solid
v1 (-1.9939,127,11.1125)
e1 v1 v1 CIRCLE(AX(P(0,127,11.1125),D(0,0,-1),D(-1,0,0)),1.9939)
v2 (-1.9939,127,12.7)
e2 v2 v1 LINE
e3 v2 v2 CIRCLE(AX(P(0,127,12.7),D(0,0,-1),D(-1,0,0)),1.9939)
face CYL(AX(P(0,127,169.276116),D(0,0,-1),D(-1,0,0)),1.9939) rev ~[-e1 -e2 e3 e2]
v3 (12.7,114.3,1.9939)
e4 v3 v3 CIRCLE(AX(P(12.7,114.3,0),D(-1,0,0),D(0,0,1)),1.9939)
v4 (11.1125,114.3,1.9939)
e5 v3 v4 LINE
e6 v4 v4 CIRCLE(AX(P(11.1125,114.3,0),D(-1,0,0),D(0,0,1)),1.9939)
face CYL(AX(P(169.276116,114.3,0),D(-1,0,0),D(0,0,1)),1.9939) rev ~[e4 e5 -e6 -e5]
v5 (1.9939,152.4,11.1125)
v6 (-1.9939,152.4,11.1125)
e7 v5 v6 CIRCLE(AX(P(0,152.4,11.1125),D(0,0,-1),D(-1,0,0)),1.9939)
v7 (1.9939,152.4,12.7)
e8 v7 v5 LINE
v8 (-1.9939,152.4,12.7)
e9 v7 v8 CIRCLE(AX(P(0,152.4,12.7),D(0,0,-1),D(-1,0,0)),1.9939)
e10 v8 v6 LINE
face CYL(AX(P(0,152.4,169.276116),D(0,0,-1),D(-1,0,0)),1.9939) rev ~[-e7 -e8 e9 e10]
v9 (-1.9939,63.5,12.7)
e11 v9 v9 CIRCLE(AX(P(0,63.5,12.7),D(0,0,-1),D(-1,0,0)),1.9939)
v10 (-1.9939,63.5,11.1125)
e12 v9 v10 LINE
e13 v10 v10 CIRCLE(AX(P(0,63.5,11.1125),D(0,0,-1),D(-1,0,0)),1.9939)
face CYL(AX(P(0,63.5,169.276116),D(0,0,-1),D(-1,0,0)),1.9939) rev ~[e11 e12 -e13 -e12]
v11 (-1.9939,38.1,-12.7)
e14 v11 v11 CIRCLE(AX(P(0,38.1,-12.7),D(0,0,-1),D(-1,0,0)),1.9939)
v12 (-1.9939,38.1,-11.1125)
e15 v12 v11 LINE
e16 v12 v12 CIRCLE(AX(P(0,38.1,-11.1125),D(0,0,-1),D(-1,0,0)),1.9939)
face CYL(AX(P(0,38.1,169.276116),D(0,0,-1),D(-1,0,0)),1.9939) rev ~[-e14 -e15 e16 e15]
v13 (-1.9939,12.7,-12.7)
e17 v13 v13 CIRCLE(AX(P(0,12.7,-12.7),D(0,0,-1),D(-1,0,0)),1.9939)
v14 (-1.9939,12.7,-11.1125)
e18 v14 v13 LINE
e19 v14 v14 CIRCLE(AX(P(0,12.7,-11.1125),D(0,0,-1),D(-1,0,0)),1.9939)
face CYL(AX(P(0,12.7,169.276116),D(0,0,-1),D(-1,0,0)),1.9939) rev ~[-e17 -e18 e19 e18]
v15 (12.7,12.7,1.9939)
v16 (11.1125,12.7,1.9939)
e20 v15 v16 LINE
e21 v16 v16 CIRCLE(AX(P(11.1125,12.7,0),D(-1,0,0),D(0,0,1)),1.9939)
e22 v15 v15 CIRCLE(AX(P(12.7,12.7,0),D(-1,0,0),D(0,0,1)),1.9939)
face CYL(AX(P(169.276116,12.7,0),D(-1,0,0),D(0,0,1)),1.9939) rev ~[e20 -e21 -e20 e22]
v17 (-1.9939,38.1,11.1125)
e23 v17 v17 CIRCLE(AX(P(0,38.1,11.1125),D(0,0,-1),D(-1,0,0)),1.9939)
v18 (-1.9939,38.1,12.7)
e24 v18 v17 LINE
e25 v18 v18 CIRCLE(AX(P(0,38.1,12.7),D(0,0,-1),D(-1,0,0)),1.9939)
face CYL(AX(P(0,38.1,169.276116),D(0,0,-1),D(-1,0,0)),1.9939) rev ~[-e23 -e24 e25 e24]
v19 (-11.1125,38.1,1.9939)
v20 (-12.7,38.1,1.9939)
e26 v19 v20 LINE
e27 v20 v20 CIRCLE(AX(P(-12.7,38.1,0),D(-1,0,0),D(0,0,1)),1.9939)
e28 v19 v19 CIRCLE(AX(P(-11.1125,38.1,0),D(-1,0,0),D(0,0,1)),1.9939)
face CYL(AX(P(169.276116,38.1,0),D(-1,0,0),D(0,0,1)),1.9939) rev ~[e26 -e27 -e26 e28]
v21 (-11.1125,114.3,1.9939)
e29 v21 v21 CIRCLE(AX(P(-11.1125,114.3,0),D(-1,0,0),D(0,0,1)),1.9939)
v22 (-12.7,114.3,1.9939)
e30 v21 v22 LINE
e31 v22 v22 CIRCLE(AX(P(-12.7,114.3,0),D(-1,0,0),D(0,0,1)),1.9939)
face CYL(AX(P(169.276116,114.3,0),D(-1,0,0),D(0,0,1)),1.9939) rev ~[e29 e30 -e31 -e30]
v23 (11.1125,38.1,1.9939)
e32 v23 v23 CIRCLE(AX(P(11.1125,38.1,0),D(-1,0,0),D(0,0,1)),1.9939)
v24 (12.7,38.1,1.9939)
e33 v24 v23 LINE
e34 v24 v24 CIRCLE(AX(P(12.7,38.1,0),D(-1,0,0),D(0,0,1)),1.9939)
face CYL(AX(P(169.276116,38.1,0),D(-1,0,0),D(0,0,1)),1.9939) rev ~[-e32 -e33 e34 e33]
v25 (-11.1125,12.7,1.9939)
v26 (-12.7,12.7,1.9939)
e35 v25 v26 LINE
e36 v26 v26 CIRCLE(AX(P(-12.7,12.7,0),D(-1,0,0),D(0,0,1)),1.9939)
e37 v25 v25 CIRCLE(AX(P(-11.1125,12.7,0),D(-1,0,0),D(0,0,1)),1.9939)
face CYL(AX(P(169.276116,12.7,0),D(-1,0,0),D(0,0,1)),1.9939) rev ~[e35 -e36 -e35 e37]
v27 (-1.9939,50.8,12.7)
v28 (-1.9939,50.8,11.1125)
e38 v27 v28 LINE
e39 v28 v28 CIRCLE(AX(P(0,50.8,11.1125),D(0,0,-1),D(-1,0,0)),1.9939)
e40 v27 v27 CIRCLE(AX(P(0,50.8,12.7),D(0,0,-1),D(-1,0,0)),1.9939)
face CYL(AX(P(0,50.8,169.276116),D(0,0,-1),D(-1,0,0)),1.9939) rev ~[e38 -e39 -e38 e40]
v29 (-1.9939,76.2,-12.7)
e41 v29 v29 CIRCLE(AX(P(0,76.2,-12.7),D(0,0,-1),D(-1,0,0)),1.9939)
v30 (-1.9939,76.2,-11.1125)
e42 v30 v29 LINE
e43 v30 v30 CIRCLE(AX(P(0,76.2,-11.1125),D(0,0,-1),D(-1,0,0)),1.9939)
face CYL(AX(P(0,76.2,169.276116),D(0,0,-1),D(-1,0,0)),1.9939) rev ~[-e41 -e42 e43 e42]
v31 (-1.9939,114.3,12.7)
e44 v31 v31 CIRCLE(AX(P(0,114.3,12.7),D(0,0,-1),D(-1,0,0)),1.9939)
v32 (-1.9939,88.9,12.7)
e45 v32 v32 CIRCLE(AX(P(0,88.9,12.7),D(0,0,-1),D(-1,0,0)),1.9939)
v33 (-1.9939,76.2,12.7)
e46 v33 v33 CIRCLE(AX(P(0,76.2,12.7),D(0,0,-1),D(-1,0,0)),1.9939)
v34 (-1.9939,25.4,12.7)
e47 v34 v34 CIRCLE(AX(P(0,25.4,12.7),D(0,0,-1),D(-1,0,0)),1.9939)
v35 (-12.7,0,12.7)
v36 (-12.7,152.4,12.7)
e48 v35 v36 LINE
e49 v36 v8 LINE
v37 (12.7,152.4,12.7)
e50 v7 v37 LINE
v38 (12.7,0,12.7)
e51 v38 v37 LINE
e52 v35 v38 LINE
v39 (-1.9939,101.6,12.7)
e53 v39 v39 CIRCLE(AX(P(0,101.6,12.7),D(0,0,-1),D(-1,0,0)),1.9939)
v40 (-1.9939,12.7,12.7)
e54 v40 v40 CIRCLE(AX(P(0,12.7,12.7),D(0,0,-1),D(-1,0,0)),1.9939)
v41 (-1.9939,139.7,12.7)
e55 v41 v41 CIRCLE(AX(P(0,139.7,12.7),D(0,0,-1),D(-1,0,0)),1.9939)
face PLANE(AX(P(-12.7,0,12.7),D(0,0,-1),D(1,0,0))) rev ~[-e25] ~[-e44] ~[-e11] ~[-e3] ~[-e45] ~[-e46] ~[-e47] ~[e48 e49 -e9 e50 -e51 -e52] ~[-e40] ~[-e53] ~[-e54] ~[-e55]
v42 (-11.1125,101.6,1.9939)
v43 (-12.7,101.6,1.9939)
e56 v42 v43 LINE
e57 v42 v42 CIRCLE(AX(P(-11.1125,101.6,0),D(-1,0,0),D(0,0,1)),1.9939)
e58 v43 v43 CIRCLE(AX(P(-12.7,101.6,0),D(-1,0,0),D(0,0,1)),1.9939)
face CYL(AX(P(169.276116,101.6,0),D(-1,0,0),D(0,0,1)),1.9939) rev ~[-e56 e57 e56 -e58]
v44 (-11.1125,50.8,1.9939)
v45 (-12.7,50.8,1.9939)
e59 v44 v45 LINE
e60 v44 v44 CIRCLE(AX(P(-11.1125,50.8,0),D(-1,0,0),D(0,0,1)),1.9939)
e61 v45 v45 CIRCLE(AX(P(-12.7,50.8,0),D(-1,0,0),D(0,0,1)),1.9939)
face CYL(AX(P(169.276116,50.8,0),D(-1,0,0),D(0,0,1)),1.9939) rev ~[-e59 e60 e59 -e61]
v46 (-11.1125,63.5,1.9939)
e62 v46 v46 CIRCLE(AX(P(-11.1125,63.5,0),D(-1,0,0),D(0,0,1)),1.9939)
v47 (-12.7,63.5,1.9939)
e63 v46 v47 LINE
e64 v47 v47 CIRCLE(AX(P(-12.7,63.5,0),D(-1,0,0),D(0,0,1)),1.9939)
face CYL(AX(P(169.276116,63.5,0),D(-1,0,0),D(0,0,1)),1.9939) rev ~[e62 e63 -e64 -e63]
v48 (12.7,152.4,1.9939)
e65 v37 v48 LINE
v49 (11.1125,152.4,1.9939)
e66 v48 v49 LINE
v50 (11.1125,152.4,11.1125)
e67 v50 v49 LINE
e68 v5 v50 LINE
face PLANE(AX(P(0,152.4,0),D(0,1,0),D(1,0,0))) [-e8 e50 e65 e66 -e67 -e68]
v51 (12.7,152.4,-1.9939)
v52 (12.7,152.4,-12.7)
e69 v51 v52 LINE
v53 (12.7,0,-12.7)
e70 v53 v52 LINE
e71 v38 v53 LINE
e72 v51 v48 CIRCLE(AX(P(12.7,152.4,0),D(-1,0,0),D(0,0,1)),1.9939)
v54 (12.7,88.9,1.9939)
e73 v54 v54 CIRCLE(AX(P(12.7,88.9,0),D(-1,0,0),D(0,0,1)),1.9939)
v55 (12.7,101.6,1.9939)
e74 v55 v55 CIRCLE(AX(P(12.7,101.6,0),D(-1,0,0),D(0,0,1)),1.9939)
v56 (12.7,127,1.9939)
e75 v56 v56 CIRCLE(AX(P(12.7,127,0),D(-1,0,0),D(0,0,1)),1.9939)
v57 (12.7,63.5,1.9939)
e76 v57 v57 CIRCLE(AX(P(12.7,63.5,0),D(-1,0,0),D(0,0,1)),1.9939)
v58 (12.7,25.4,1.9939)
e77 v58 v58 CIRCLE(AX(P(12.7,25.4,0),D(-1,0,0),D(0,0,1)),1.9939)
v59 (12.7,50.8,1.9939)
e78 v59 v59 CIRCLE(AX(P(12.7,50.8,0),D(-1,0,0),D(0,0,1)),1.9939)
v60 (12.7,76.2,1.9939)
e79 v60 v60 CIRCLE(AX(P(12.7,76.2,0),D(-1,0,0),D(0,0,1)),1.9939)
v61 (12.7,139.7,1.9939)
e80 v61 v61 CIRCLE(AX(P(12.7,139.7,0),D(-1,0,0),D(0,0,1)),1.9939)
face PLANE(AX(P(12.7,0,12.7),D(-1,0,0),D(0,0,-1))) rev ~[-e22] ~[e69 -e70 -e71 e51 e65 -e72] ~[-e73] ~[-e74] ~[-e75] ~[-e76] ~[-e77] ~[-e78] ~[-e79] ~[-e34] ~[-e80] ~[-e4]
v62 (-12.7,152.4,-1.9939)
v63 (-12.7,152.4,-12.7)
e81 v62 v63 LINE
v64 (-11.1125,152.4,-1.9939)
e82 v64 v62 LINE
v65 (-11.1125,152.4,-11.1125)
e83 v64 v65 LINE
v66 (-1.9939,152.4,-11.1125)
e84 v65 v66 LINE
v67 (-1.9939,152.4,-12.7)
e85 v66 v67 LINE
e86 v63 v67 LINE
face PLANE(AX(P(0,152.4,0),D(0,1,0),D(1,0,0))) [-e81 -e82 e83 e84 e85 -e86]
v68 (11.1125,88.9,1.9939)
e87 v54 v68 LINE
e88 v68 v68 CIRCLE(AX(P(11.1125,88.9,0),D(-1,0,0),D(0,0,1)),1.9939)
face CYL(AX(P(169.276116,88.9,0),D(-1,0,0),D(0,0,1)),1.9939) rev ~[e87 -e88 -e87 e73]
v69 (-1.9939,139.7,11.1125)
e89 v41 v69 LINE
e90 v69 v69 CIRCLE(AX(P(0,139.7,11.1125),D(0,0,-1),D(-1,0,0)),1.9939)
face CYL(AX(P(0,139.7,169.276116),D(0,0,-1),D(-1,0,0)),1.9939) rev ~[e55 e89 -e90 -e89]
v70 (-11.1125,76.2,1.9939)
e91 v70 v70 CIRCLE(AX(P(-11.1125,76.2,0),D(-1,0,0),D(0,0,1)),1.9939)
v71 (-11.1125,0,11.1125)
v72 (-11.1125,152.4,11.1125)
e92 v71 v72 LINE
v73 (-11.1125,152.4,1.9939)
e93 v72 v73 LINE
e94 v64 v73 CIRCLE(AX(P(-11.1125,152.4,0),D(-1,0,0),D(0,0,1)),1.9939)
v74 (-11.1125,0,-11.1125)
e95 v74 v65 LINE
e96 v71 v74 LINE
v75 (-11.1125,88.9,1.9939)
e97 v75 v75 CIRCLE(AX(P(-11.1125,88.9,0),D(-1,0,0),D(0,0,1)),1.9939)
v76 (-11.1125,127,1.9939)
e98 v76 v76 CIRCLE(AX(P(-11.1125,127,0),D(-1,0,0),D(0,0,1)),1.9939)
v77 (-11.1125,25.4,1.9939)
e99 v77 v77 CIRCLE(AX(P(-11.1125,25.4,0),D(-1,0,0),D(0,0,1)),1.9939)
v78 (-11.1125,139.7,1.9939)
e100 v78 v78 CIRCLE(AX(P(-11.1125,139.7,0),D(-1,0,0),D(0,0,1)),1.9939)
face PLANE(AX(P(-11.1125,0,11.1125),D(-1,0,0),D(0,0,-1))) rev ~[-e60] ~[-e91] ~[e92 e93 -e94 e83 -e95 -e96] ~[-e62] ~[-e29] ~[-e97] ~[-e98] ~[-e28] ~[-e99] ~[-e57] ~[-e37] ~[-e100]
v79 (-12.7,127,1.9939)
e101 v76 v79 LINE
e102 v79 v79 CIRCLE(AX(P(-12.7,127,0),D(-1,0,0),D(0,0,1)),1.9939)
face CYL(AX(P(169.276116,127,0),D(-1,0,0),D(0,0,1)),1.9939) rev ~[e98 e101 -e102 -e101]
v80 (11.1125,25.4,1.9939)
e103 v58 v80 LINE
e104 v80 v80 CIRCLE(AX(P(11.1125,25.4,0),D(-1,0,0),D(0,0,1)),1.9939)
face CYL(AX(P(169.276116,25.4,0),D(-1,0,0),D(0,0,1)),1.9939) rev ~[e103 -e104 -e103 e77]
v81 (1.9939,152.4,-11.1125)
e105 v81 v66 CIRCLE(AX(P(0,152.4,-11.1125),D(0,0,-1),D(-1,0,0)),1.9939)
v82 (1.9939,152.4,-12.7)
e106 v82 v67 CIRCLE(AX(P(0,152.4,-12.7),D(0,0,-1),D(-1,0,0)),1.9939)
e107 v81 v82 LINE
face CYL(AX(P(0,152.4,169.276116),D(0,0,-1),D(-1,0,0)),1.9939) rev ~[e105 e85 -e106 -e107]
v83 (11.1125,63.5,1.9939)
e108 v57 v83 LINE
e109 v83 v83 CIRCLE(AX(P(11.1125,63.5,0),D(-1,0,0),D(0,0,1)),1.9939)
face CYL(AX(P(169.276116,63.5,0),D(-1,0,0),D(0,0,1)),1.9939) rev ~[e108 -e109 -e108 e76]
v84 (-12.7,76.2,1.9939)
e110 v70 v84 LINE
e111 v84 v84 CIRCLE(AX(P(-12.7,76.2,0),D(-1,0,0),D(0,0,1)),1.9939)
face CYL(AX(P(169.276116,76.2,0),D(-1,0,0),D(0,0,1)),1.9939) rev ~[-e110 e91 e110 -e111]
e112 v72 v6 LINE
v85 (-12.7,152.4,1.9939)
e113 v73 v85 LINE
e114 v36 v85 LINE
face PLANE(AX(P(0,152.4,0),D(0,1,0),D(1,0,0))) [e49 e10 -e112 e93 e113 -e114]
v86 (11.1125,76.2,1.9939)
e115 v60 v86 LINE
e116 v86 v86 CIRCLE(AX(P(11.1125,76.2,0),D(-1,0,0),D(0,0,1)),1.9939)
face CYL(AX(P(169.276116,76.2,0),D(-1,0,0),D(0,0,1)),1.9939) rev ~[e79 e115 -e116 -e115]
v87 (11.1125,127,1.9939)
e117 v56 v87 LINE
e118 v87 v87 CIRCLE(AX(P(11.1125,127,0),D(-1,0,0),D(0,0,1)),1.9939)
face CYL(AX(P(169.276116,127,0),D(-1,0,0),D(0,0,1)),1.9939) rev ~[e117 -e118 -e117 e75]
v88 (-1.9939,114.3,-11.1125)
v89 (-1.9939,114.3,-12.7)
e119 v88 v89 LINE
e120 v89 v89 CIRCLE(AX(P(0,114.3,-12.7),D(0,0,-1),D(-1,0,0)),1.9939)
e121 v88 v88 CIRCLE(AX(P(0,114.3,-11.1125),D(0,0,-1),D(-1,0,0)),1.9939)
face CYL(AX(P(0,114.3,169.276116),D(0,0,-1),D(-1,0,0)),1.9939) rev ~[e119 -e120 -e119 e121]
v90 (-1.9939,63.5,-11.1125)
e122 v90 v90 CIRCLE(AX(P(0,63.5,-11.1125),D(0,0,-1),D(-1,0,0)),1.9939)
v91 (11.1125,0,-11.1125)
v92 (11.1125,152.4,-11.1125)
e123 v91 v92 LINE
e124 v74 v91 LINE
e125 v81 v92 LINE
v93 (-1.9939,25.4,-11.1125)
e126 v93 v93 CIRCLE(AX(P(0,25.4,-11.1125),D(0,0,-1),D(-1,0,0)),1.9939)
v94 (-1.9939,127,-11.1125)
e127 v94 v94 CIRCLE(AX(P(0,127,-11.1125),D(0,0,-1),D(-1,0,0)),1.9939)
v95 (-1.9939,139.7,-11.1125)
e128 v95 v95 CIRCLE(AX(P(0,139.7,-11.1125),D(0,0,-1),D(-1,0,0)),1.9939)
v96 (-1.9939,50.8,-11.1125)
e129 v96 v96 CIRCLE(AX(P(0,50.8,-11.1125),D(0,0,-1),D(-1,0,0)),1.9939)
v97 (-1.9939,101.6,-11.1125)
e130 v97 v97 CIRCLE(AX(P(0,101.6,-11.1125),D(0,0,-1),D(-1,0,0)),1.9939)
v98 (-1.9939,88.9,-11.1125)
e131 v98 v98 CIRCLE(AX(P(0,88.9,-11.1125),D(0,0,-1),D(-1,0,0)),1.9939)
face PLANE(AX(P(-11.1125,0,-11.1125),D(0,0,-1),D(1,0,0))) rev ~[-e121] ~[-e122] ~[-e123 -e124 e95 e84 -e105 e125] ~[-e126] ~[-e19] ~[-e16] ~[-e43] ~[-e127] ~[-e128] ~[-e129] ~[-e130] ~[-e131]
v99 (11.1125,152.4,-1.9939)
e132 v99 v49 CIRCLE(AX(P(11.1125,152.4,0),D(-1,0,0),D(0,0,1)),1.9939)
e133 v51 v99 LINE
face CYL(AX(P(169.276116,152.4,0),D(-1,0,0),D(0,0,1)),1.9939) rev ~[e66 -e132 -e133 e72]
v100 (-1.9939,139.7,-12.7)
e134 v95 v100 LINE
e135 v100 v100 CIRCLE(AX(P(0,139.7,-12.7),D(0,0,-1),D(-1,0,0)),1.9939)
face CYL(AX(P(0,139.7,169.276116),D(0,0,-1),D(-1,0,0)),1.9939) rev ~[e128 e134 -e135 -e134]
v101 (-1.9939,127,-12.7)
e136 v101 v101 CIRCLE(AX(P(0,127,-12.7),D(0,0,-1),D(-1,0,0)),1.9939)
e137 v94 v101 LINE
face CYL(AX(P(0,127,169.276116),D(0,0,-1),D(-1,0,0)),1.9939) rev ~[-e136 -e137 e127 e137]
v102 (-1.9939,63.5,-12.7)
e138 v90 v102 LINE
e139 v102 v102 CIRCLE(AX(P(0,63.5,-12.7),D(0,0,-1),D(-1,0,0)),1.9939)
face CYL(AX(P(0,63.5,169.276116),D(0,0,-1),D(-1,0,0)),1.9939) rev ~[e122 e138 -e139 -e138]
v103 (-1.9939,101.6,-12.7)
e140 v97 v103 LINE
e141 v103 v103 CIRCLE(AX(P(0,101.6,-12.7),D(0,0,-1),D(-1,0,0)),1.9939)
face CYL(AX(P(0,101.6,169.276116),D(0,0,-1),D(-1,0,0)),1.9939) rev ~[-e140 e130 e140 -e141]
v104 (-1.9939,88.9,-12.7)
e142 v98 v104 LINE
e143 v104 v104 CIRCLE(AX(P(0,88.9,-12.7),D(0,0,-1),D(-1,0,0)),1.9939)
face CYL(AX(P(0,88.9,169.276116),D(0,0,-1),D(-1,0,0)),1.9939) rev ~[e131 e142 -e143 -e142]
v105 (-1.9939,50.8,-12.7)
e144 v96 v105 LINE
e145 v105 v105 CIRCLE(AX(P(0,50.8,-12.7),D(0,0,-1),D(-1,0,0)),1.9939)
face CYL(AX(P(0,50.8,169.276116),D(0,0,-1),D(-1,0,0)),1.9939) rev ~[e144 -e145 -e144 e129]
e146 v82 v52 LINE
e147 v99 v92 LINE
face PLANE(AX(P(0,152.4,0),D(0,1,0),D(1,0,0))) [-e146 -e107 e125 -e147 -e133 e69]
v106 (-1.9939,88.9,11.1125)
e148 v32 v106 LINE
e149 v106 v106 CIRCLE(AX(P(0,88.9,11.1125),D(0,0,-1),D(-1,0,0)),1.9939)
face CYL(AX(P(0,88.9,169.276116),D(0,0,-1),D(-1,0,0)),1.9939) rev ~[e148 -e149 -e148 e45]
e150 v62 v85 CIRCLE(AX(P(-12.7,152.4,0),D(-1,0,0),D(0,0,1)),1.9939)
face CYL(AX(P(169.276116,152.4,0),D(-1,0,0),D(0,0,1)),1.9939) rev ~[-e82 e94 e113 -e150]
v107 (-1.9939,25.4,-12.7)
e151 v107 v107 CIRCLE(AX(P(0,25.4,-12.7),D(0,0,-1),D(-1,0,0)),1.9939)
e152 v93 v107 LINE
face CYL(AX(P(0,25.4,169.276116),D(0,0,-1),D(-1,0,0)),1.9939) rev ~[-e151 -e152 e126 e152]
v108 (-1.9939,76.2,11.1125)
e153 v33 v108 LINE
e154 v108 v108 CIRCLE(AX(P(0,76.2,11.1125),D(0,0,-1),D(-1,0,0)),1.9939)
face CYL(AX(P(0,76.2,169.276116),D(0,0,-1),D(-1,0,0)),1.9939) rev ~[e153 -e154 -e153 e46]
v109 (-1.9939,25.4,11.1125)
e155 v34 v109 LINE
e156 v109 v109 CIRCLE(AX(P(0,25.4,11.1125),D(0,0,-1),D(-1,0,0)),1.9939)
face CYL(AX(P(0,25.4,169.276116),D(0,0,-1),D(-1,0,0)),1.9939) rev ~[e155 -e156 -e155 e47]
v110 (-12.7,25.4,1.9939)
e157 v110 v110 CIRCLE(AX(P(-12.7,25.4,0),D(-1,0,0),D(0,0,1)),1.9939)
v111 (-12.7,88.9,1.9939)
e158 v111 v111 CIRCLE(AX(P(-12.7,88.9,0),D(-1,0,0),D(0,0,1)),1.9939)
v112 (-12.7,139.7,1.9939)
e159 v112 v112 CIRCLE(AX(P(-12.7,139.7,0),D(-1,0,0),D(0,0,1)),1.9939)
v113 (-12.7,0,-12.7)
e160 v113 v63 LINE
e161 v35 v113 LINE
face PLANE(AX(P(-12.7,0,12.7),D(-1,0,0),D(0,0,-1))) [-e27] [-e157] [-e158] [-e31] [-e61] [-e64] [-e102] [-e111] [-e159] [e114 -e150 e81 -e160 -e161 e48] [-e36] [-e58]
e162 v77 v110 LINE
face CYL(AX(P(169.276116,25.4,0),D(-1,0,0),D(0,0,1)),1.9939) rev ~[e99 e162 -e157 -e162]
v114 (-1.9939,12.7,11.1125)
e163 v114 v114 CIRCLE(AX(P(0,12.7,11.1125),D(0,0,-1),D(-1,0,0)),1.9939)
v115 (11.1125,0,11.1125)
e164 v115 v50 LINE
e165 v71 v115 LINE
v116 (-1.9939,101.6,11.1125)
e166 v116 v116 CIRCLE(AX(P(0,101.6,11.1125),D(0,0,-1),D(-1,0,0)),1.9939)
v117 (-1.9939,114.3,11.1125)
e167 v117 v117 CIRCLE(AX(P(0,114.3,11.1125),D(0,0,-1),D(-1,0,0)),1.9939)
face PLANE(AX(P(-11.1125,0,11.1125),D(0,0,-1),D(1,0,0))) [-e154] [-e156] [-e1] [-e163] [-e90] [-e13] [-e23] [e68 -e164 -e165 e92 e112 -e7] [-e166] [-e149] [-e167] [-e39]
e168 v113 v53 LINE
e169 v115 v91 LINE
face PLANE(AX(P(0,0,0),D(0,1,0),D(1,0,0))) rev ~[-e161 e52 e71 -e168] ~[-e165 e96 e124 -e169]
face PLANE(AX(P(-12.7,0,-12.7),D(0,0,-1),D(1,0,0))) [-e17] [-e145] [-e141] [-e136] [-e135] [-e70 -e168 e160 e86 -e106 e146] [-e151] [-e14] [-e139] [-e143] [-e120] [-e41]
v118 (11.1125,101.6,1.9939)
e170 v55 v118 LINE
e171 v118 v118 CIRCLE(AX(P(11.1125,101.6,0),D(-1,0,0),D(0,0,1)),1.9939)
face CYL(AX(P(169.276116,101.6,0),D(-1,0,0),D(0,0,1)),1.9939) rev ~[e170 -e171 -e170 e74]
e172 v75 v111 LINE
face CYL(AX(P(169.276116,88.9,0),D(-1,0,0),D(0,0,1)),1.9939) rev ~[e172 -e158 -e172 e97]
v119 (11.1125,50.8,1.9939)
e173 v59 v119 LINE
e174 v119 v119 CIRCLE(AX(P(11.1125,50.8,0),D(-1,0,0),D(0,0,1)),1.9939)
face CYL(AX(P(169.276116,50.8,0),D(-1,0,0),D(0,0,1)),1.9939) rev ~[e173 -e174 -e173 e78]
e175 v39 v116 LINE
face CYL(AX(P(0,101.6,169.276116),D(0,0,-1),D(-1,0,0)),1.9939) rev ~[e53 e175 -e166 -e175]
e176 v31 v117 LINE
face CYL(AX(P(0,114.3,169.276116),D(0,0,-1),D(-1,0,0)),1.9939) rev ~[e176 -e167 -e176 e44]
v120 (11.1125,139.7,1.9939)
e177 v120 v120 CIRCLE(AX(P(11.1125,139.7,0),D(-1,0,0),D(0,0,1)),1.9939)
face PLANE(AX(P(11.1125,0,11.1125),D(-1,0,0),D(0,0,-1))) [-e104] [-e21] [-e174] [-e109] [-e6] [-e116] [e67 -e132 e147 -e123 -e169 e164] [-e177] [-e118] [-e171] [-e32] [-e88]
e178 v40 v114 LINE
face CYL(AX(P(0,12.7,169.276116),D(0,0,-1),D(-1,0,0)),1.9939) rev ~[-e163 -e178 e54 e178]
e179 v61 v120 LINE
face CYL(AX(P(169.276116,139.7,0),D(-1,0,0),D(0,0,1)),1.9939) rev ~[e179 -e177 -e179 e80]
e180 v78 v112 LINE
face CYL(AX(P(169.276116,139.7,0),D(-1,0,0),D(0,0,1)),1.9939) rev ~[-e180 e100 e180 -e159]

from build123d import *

# Parameters (mm, degrees)
SKETCH1_W                   = 25.4
SKETCH1_H                   = 25.4
SKETCH1_W_2                 = 22.225
SKETCH1_H_2                 = 22.225
BOSS_EXTRUDE1_DEPTH         = 152.4
F_22_0_157_DIAMETER_HOLE1_D = 3.9878
LPATTERN1_COUNT             = 12
LPATTERN1_PITCH             = 12.7
F_22_0_157_DIAMETER_HOLE2_D = 3.9878
LPATTERN2_COUNT             = 12
LPATTERN2_PITCH             = 12.7


with BuildPart() as part:
    # Sketch1 → Boss-Extrude1 (new body)
    with BuildSketch(Plane(origin=(0, 0, 0), x_dir=(1, 0, 0), z_dir=(0, 1, 0))):
        Rectangle(SKETCH1_W, SKETCH1_H)
        Rectangle(SKETCH1_W_2, SKETCH1_H_2, mode=Mode.SUBTRACT)
    extrude(amount=BOSS_EXTRUDE1_DEPTH)

    # #22 (0.157) Diameter Hole1 (through all)
    with Locations(Plane.XY.offset(12.7)):
        with Locations((0, 12.7)):
            f_22_0_157_diameter_hole1 = Hole(F_22_0_157_DIAMETER_HOLE1_D / 2)

    # LPattern1: #22 (0.157) Diameter Hole1 ×12
    with Locations(*[(0, i * LPATTERN1_PITCH, 0) for i in range(1, LPATTERN1_COUNT)]):
        add(f_22_0_157_diameter_hole1, mode=Mode.SUBTRACT)

    # #22 (0.157) Diameter Hole2 (through all)
    with Locations(Plane(origin=(12.7, 0, 0), x_dir=(0, 0, -1), z_dir=(1, 0, 0))):
        with Locations((0, 12.7)):
            f_22_0_157_diameter_hole2 = Hole(F_22_0_157_DIAMETER_HOLE2_D / 2)

    # LPattern2: #22 (0.157) Diameter Hole2 ×12
    with Locations(*[(0, i * LPATTERN2_PITCH, 0) for i in range(1, LPATTERN2_COUNT)]):
        add(f_22_0_157_diameter_hole2, mode=Mode.SUBTRACT)


solid = part.part
